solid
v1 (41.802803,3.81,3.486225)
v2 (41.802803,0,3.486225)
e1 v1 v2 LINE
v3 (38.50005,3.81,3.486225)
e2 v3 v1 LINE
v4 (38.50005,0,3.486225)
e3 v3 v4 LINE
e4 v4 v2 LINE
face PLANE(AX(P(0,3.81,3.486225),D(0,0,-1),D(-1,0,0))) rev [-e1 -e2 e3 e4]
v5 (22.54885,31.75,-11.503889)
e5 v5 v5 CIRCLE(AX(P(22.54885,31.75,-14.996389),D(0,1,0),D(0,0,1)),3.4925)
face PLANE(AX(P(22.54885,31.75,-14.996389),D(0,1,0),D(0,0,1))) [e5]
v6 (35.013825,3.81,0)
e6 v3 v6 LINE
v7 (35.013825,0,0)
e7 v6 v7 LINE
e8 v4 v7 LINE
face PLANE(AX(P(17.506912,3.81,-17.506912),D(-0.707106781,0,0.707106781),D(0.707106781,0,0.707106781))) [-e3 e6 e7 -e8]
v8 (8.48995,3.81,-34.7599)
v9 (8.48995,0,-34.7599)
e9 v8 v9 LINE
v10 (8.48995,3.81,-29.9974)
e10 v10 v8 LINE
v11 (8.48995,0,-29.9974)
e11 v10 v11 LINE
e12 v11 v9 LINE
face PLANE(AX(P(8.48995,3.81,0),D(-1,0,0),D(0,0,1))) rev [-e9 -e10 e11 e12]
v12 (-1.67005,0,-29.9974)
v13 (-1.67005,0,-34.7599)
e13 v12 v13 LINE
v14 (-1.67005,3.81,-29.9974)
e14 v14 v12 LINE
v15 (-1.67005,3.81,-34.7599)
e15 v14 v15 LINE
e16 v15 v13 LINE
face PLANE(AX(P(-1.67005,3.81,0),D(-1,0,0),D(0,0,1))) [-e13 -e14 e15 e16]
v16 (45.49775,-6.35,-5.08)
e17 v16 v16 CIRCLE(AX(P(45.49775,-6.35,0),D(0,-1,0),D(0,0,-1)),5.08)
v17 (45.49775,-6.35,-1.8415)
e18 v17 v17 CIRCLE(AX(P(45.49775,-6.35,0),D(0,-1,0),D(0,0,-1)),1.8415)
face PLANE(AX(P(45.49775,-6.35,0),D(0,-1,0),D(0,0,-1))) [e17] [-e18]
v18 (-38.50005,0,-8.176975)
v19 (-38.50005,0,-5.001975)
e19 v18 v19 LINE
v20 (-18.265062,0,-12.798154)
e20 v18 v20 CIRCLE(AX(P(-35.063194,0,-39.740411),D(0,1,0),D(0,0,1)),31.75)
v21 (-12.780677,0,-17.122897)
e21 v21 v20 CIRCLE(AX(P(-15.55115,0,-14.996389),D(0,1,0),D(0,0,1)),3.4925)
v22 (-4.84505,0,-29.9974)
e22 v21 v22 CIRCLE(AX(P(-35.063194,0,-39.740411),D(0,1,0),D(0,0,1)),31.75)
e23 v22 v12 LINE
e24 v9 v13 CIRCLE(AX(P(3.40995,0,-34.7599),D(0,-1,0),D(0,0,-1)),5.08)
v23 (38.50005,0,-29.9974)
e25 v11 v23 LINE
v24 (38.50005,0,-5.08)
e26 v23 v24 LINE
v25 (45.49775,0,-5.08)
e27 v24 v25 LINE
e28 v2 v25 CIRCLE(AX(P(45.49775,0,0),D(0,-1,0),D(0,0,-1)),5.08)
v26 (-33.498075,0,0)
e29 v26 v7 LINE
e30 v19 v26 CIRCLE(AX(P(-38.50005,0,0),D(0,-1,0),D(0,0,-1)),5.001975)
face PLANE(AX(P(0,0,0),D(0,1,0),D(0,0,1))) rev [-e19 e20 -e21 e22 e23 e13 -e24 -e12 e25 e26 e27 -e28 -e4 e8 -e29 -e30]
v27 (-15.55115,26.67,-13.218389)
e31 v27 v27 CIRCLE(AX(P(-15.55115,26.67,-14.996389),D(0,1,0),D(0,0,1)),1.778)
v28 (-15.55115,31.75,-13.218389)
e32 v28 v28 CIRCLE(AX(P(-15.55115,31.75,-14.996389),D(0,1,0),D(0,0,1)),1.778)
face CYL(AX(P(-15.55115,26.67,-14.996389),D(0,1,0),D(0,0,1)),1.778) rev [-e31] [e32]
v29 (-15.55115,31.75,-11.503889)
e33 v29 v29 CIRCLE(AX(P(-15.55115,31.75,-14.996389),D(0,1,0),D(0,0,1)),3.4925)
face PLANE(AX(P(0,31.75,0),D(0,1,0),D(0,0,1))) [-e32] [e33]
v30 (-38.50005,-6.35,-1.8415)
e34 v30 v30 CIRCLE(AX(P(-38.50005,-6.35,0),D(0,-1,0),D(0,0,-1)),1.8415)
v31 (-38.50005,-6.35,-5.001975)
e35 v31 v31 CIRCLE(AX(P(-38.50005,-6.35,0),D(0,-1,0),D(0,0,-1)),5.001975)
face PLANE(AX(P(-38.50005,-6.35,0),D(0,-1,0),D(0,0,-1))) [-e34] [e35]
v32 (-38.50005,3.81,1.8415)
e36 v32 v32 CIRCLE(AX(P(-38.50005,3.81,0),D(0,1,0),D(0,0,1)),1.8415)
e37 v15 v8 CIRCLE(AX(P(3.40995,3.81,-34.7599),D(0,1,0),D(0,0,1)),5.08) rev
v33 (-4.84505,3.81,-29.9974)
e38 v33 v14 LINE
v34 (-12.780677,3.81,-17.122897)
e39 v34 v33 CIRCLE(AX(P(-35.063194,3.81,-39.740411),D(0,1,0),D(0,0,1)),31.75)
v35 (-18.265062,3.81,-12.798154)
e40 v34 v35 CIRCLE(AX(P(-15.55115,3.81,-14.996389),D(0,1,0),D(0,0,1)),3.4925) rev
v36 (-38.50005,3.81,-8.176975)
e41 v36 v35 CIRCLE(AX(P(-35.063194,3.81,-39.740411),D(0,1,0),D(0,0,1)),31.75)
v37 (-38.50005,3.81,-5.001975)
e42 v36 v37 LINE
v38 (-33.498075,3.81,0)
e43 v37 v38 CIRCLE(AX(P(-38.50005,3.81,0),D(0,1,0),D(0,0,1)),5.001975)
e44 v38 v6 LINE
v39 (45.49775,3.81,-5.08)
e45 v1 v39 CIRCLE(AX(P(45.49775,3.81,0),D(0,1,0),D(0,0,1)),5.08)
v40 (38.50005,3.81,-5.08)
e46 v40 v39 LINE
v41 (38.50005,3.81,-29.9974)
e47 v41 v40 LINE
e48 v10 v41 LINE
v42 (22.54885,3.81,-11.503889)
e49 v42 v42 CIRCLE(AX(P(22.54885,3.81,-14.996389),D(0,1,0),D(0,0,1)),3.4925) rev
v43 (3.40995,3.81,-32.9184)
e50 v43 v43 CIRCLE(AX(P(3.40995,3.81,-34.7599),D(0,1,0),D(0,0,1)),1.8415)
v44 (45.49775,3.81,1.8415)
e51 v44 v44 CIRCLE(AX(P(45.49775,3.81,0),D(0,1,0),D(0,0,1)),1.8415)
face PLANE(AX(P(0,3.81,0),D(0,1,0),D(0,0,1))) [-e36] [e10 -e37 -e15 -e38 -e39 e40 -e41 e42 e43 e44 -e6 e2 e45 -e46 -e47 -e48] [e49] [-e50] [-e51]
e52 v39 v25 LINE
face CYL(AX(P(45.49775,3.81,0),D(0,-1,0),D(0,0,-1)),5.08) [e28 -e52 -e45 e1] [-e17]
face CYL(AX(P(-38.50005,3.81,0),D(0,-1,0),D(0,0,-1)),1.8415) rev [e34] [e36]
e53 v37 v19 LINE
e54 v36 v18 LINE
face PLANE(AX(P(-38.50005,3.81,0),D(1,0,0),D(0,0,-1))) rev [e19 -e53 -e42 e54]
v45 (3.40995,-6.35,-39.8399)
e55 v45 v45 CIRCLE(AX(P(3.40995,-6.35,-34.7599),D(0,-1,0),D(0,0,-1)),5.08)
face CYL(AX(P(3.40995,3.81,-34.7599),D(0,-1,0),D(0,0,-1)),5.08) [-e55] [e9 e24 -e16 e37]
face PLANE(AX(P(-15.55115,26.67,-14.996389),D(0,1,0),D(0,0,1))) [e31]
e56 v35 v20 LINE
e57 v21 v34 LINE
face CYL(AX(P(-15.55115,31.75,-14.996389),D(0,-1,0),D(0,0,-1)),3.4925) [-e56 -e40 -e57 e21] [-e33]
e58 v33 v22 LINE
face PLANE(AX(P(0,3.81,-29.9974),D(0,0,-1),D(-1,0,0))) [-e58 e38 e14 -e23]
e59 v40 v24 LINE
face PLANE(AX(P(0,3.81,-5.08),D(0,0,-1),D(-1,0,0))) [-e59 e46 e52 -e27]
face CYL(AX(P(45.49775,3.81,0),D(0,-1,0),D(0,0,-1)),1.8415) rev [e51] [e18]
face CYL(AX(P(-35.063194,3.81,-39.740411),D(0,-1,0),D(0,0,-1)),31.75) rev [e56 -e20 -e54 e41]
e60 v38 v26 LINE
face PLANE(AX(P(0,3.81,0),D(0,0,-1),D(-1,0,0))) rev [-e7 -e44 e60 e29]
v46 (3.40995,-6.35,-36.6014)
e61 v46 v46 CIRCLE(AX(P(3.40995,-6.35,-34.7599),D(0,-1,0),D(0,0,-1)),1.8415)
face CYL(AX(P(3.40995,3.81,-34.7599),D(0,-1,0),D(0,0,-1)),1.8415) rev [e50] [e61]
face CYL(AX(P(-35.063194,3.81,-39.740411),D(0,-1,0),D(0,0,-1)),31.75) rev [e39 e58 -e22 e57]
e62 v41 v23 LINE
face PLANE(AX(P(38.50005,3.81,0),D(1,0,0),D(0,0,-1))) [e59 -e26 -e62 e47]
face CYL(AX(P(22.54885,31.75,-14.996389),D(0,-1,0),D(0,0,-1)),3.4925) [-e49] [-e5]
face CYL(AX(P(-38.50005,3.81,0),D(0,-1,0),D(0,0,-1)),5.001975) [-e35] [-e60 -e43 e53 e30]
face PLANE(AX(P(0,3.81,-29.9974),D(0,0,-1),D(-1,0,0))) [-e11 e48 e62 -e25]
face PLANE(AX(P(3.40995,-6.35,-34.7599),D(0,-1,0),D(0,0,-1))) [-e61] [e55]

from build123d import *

# Parameters (mm, degrees)
SKETCH1_R           = 1.8415
BOSS_EXTRUDE1_DEPTH = 3.81
CUT_EXTRUDE2_DEPTH  = 3.81
SKETCH2_R           = 3.4925
BOSS_EXTRUDE2_DEPTH = 31.75
SKETCH4_R           = 5.001975
SKETCH4_R_2         = 1.8415
SKETCH4_R_3         = 5.08
BOSS_EXTRUDE3_DEPTH = 6.35
SKETCH6_R           = 1.778
CUT_EXTRUDE3_DEPTH  = 5.08


with BuildPart() as part:
    # Sketch1 → Boss-Extrude1 (new body)
    with BuildSketch(Plane(origin=(0, 0, 0), x_dir=(1, 0, 0), z_dir=(0, 1, 0))):
        with BuildLine():
            Line((35.013825, 0), (38.50005, -3.486225))
            Line((38.50005, -3.486225), (41.802802741, -3.486225))
            ThreePointArc((41.802802741, -3.486225), (50.162319809, -2.012011059), (45.49775, 5.08))
            Line((45.49775, 5.08), (38.50005, 5.08))
            Line((38.50005, 5.08), (38.50005, 29.9974))
            Line((38.50005, 29.9974), (8.48995, 29.9974))
            Line((8.48995, 29.9974), (8.48995, 34.7599))
            ThreePointArc((8.48995, 34.7599), (3.40995, 39.8399), (-1.67005, 34.7599))
            Line((-1.67005, 34.7599), (-1.67005, 29.9974))
            Line((-1.67005, 29.9974), (-38.50005, 29.9974))
            Line((-38.50005, 29.9974), (-38.50005, 5.001975))
            ThreePointArc((-38.50005, 5.001975), (-42.036980442, -3.536930442), (-33.498075, 0))
            Line((-33.498075, 0), (35.013825, 0))
        make_face()
        with Locations((3.40995, 34.7599)):
            Circle(SKETCH1_R, mode=Mode.SUBTRACT)
        with Locations((45.49775, 0)):
            Circle(SKETCH1_R, mode=Mode.SUBTRACT)
        with Locations((-38.50005, 0)):
            Circle(SKETCH1_R, mode=Mode.SUBTRACT)
    extrude(amount=BOSS_EXTRUDE1_DEPTH)

    # Sketch3 → Cut-Extrude2 (cut)
    with BuildSketch(Plane(origin=(0, 0, 0), x_dir=(1, 0, 0), z_dir=(0, 1, 0))):
        with BuildLine():
            Line((-38.50005, 8.176975), (-38.50005, 29.9974))
            Line((-38.50005, 29.9974), (-4.84505, 29.9974))
            ThreePointArc((-4.84505, 29.9974), (-17.79061216, 13.099833084), (-38.50005, 8.176975))
        make_face()
    extrude(amount=CUT_EXTRUDE2_DEPTH, mode=Mode.SUBTRACT)

    # Sketch2 → Boss-Extrude2 (add)
    with BuildSketch(Plane(origin=(0, 0, 0), x_dir=(1, 0, 0), z_dir=(0, 1, 0))):
        with Locations((-15.55115, 14.9963886)):
            Circle(SKETCH2_R)
        with Locations((22.54885, 14.9963886)):
            Circle(SKETCH2_R)
    extrude(amount=BOSS_EXTRUDE2_DEPTH)

    # Sketch4 → Boss-Extrude3 (add)
    with BuildSketch(Plane.XZ):
        with Locations((-38.50005, 0)):
            Circle(SKETCH4_R)
        with Locations((-38.50005, 0)):
            Circle(SKETCH4_R_2, mode=Mode.SUBTRACT)
        with Locations((45.49775, 0)):
            Circle(SKETCH4_R_3)
        with Locations((45.49775, 0)):
            Circle(SKETCH4_R_2, mode=Mode.SUBTRACT)
        with Locations((3.40995, -34.7599)):
            Circle(SKETCH4_R_3)
        with Locations((3.40995, -34.7599)):
            Circle(SKETCH4_R_2, mode=Mode.SUBTRACT)
    extrude(amount=BOSS_EXTRUDE3_DEPTH)

    # Sketch6 → Cut-Extrude3 (cut)
    with BuildSketch(Plane(origin=(0, 31.75, 0), x_dir=(1, 0, 0), z_dir=(0, 1, 0))):
        with Locations((-15.55115, 14.9963886)):
            Circle(SKETCH6_R)
    extrude(amount=-CUT_EXTRUDE3_DEPTH, mode=Mode.SUBTRACT)


solid = part.part
